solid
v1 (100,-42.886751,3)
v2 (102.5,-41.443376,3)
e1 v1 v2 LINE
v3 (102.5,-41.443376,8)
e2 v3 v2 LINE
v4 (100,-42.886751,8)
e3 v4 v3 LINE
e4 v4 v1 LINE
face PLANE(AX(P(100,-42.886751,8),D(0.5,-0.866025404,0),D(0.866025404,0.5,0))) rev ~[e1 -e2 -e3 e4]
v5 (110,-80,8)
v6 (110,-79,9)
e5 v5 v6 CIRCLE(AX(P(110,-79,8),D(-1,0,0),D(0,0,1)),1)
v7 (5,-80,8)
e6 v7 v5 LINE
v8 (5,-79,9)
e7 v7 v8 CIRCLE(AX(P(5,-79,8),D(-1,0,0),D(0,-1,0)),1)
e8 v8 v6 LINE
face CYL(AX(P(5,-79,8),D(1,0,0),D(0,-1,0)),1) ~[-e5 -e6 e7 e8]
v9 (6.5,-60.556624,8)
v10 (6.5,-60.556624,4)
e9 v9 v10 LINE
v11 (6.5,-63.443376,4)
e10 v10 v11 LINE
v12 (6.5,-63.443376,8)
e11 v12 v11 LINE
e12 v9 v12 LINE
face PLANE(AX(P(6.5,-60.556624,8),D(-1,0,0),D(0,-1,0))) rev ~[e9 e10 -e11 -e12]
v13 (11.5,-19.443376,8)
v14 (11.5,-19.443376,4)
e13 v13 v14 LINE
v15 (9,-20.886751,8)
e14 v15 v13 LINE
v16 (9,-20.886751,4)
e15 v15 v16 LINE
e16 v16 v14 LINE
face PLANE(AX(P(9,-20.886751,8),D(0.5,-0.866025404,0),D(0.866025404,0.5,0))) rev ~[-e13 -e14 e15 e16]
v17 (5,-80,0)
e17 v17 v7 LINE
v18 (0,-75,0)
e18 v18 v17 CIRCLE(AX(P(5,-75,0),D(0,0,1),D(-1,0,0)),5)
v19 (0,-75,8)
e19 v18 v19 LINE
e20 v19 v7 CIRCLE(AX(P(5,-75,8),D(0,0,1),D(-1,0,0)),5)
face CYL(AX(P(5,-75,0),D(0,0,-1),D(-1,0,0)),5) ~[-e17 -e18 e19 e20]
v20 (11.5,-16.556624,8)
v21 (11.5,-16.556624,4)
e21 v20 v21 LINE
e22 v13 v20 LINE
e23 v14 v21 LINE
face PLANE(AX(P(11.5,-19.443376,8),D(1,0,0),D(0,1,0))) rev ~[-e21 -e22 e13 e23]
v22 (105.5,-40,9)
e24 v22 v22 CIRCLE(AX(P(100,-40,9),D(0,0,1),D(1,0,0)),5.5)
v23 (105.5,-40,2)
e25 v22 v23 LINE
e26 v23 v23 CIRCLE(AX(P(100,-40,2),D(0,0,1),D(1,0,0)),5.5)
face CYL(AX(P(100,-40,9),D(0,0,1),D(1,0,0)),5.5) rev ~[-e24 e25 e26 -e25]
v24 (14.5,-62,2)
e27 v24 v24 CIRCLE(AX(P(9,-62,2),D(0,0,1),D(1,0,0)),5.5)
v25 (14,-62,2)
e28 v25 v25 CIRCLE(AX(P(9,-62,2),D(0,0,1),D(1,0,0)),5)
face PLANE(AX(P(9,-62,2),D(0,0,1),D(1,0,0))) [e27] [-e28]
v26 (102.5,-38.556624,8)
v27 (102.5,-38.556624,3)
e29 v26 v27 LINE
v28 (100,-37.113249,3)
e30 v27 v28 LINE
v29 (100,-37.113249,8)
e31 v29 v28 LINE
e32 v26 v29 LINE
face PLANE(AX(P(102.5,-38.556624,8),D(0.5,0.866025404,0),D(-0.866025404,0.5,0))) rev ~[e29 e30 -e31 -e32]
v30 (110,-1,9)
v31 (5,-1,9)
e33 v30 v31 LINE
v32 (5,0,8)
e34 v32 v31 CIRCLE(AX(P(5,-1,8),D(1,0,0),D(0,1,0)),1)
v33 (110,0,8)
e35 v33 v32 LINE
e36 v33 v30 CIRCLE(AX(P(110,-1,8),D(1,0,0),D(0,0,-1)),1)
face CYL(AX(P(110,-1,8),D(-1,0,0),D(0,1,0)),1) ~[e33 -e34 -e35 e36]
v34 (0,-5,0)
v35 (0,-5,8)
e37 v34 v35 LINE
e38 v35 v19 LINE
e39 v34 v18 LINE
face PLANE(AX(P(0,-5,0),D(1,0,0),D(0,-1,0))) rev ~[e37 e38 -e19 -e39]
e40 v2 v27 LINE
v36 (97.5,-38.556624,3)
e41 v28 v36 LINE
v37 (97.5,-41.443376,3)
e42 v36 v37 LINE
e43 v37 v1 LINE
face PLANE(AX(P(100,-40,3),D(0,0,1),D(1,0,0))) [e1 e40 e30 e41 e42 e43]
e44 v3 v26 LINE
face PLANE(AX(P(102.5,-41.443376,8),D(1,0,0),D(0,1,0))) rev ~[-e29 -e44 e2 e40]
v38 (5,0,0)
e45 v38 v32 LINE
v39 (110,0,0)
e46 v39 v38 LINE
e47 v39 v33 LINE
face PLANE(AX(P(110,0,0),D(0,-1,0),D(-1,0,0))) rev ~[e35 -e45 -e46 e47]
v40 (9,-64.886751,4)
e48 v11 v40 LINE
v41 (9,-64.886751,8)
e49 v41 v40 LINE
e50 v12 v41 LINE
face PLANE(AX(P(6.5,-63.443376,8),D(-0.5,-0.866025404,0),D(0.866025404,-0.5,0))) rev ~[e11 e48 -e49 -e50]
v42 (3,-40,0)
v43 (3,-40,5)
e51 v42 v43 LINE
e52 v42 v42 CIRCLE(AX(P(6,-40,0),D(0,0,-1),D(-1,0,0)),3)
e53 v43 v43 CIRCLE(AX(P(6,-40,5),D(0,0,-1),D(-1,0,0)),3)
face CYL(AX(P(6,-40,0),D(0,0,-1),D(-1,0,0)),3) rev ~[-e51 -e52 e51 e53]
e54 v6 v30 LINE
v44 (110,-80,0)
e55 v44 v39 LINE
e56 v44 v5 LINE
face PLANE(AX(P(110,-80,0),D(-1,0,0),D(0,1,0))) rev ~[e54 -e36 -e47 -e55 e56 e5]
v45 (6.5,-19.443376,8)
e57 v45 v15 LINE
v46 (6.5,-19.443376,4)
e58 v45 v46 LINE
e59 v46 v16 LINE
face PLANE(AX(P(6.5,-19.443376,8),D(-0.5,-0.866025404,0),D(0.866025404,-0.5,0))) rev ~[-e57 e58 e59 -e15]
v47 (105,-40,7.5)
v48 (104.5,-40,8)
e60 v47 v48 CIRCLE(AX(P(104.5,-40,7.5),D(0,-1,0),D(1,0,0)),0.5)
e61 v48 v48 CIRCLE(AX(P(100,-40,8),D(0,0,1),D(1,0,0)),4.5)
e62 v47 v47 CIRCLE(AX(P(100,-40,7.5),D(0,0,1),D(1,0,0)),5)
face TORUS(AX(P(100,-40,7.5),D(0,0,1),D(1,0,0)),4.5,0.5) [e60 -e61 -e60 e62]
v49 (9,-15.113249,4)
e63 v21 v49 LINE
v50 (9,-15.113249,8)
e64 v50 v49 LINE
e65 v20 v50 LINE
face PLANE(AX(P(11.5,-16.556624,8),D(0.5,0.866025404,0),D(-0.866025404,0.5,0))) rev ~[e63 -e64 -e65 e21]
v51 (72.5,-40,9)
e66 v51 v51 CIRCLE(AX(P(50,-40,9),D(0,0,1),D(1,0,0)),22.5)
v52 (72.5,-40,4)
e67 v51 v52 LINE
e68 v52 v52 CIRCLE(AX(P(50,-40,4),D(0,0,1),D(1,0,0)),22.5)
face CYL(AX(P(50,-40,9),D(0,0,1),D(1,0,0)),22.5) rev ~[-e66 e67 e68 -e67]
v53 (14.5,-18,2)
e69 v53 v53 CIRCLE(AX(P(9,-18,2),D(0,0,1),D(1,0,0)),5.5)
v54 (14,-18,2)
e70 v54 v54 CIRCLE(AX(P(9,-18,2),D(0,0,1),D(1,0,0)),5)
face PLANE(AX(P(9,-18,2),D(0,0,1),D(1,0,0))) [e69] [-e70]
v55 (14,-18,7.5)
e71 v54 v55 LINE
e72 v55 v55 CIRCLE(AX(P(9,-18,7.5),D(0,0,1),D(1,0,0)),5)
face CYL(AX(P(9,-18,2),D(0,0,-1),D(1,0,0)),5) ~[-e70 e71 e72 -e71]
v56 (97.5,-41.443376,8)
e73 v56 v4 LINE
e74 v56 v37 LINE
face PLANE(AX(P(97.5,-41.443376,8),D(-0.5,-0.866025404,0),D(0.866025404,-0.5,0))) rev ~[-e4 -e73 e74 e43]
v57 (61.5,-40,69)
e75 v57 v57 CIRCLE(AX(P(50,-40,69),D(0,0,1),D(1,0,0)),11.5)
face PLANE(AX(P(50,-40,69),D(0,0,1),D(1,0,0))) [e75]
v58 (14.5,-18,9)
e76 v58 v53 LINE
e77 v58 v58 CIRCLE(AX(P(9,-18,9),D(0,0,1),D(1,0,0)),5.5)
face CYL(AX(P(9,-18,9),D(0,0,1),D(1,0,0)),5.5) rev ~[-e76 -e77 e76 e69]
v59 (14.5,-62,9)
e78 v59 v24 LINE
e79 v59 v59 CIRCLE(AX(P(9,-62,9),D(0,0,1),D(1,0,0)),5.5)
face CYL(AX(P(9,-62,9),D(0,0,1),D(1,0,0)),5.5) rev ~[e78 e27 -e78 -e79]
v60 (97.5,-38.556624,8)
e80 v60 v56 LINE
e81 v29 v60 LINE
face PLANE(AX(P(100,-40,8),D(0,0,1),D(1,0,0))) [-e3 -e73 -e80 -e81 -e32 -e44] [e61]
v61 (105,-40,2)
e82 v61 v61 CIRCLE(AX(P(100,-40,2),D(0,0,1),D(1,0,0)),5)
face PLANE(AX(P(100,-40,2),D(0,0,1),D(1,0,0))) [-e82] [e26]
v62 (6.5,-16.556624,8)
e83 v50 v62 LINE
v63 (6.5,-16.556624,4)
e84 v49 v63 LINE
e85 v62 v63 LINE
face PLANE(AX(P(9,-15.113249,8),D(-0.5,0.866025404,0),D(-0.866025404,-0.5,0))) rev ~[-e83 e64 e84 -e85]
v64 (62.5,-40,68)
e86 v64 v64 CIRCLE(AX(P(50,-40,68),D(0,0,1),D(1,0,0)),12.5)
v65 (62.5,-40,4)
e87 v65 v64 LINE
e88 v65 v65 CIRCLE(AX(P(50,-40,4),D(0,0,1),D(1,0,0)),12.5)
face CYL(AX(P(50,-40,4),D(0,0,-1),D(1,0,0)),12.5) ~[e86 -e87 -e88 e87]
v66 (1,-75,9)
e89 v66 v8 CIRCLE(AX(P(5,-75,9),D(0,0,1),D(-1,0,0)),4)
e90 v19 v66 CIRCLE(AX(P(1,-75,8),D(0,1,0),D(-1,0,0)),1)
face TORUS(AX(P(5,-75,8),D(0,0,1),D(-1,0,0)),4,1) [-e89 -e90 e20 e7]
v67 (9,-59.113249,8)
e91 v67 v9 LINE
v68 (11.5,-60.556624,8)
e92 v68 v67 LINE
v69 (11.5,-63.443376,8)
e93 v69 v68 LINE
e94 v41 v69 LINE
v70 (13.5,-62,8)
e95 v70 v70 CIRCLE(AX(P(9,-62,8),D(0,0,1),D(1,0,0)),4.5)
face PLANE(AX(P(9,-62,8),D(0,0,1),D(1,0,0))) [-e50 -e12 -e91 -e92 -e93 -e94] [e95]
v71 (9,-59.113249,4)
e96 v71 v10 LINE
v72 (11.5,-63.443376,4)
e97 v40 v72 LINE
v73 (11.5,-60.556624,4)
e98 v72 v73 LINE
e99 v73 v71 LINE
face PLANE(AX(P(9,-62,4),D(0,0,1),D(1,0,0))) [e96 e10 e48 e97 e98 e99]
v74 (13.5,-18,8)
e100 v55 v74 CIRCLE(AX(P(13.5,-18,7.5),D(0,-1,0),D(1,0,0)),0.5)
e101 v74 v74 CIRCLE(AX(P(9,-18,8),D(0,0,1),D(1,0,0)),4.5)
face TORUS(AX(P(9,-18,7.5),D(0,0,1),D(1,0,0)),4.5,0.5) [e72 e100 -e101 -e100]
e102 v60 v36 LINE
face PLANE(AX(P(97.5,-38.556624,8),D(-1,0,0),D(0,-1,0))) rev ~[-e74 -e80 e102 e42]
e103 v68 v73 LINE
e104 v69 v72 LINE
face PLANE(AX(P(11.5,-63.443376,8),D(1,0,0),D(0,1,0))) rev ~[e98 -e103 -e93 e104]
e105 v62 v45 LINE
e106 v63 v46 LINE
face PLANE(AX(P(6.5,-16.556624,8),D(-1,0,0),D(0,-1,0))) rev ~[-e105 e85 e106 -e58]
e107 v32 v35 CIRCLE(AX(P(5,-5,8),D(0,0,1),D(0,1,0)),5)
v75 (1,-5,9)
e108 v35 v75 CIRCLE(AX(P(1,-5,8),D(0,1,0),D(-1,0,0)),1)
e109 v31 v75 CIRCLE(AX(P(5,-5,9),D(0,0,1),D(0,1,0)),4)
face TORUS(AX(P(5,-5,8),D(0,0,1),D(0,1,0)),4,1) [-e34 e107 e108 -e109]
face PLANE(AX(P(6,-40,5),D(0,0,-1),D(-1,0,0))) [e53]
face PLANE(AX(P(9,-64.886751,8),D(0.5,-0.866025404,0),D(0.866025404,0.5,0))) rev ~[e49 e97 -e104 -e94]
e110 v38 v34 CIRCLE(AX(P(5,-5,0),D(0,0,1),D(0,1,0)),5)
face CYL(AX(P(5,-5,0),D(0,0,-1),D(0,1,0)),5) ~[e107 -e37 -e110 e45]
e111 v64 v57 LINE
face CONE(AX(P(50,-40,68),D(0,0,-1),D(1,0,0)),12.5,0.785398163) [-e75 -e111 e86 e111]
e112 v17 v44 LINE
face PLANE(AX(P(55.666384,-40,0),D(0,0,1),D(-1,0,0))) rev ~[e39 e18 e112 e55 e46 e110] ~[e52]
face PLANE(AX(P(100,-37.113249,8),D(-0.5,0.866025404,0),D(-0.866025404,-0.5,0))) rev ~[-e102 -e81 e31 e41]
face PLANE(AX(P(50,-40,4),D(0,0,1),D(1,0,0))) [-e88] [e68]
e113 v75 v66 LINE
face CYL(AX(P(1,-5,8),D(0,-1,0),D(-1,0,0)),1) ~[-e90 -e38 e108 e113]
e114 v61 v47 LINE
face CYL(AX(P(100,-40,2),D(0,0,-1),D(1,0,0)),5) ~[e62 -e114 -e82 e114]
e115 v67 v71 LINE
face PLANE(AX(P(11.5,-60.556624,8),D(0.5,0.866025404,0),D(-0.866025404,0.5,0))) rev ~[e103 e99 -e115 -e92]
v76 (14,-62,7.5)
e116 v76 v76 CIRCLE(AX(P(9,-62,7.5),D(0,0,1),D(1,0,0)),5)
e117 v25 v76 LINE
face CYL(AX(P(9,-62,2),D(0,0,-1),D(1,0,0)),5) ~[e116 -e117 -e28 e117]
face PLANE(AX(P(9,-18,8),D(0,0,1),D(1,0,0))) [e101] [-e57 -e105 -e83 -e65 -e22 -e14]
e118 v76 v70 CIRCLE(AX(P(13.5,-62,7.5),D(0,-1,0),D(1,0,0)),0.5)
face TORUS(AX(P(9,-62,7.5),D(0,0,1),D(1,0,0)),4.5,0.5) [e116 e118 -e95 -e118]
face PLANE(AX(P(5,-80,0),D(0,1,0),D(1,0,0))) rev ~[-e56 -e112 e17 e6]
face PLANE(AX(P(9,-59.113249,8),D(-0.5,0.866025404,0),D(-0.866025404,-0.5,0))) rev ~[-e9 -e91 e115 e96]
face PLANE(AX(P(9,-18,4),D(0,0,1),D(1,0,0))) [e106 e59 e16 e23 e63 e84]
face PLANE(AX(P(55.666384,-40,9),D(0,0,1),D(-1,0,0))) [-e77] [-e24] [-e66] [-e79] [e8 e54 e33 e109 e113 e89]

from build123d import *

# Parameters (mm, degrees)
BOSS_EXTRU_1_DEPTH               = 9
CONG_1_R                         = 1
ESQUISSE4_R                      = 5.5
ENL_V_MAT_EXTRU_1_DEPTH          = 7
ESQUISSE5_R                      = 5
BOSS_EXTRU_2_DEPTH               = 6
CONG_2_R                         = 0.5
ENL_V_MAT_EXTRU_2_DEPTH          = 4
R_P_TITION_LIN_AIRE1_COUNT       = 2
R_P_TITION_LIN_AIRE1_PITCH       = 44
CONG_2_OF_R_P_TITION_LIN_AIRE1_R = 0.5
ESQUISSE7_R                      = 5.5
ENL_V_MAT_EXTRU_3_DEPTH          = 7
ESQUISSE8_R                      = 5
BOSS_EXTRU_3_DEPTH               = 6
CONG_3_R                         = 0.5
ENL_V_MAT_EXTRU_4_DEPTH          = 5
ESQUISSE10_R                     = 3
ENL_V_MAT_EXTRU_5_DEPTH          = 5
ESQUISSE12_R                     = 22.5
ENL_V_MAT_EXTRU_7_DEPTH          = 5
ESQUISSE14_R                     = 12.5
BOSS_EXTRU_4_DEPTH               = 65
CHANFREIN1_SIZE                  = 1


with BuildPart() as part:
    # Esquisse1 → Boss.-Extru.1 (new body)
    with BuildSketch(Plane(origin=(0, 0, 0), x_dir=(-1, 0, 0), z_dir=(0, 0, 1))):
        with BuildLine():
            Line((0, 5), (0, 75))
            ThreePointArc((0, 75), (-1.464466094, 78.535533906), (-5, 80))
            Line((-5, 80), (-110, 80))
            Line((-110, 80), (-110, 0))
            Line((-110, 0), (-5, 0))
            ThreePointArc((-5, 0), (-1.464466094, 1.464466094), (0, 5))
        make_face()
    extrude(amount=BOSS_EXTRU_1_DEPTH)

    # Congé1
    cong_1_edges = [part.edges().sort_by_distance(p)[0] for p in [
        (1.464466094, -78.535533906, 9),
        (57.5, -80, 9),
        (57.5, 0, 9),
        (1.464466094, -1.464466094, 9),
        (0, -40, 9),
    ]]
    fillet(cong_1_edges, radius=CONG_1_R)

    # Esquisse4 → Enlèv. mat.-Extru.1 (cut)
    with BuildSketch(Plane.XY.offset(9)):
        with Locations((9, -18)):
            Circle(ESQUISSE4_R)
    enl_v_mat_extru_1 = extrude(amount=-ENL_V_MAT_EXTRU_1_DEPTH, mode=Mode.SUBTRACT)

    # Esquisse5 → Boss.-Extru.2 (add)
    with BuildSketch(Plane.XY.offset(2)):
        with Locations((9, -18)):
            Circle(ESQUISSE5_R)
    boss_extru_2 = extrude(amount=BOSS_EXTRU_2_DEPTH)

    # Congé2
    cong_2_edges = [part.edges().sort_by_distance(p)[0] for p in [
        (4, -18, 8),
    ]]
    fillet(cong_2_edges, radius=CONG_2_R)

    # Esquisse6 → Enlèv. mat.-Extru.2 (cut)
    with BuildSketch(Plane.XY.offset(8)):
        Polygon((9, -15.113248654), (6.5, -16.556624327), (6.5, -19.443375673), (9, -20.886751346), (11.5, -19.443375673), (11.5, -16.556624327), align=None)
    enl_v_mat_extru_2 = extrude(amount=-ENL_V_MAT_EXTRU_2_DEPTH, mode=Mode.SUBTRACT)

    # Répétition linéaire1: Enlèv. mat.-Extru.1, Boss.-Extru.2, Enlèv. mat.-Extru.2 ×2
    with Locations(*[(0, -i * R_P_TITION_LIN_AIRE1_PITCH, 0) for i in range(1, R_P_TITION_LIN_AIRE1_COUNT)]):
        add(enl_v_mat_extru_1, mode=Mode.SUBTRACT)
        add(boss_extru_2)
        add(enl_v_mat_extru_2, mode=Mode.SUBTRACT)

    # Congé2 of Répétition linéaire1
    cong_2_of_r_p_tition_lin_aire1_edges = [part.edges().sort_by_distance(p)[0] for p in [
        (4, -62, 8),
    ]]
    fillet(cong_2_of_r_p_tition_lin_aire1_edges, radius=CONG_2_OF_R_P_TITION_LIN_AIRE1_R)

    # Esquisse7 → Enlèv. mat.-Extru.3 (cut)
    with BuildSketch(Plane.XY.offset(9)):
        with Locations((100, -40)):
            Circle(ESQUISSE7_R)
    extrude(amount=-ENL_V_MAT_EXTRU_3_DEPTH, mode=Mode.SUBTRACT)

    # Esquisse8 → Boss.-Extru.3 (add)
    with BuildSketch(Plane.XY.offset(2)):
        with Locations((100, -40)):
            Circle(ESQUISSE8_R)
    extrude(amount=BOSS_EXTRU_3_DEPTH)

    # Congé3
    cong_3_edges = [part.edges().sort_by_distance(p)[0] for p in [
        (95, -40, 8),
    ]]
    fillet(cong_3_edges, radius=CONG_3_R)

    # Esquisse9 → Enlèv. mat.-Extru.4 (cut)
    with BuildSketch(Plane.XY.offset(8)):
        Polygon((100, -37.113248654), (97.5, -38.556624327), (97.5, -41.443375673), (100, -42.886751346), (102.5, -41.443375673), (102.5, -38.556624327), align=None)
    extrude(amount=-ENL_V_MAT_EXTRU_4_DEPTH, mode=Mode.SUBTRACT)

    # Esquisse10 → Enlèv. mat.-Extru.5 (cut)
    with BuildSketch(Plane(origin=(0, 0, 0), x_dir=(-1, 0, 0), z_dir=(0, 0, -1))):
        with Locations((-6, -40)):
            Circle(ESQUISSE10_R)
    extrude(amount=-ENL_V_MAT_EXTRU_5_DEPTH, mode=Mode.SUBTRACT)

    # Esquisse12 → Enlèv. mat.-Extru.7 (cut)
    with BuildSketch(Plane.XY.offset(9)):
        with Locations((50, -40)):
            Circle(ESQUISSE12_R)
    extrude(amount=-ENL_V_MAT_EXTRU_7_DEPTH, mode=Mode.SUBTRACT)

    # Esquisse14 → Boss.-Extru.4 (add)
    with BuildSketch(Plane.XY.offset(4)):
        with Locations((50, -40)):
            Circle(ESQUISSE14_R)
    extrude(amount=BOSS_EXTRU_4_DEPTH)

    # Chanfrein1
    chanfrein1_edges = [part.edges().sort_by_distance(p)[0] for p in [
        (37.5, -40, 69),
    ]]
    chamfer(chanfrein1_edges, length=CHANFREIN1_SIZE)


solid = part.part
